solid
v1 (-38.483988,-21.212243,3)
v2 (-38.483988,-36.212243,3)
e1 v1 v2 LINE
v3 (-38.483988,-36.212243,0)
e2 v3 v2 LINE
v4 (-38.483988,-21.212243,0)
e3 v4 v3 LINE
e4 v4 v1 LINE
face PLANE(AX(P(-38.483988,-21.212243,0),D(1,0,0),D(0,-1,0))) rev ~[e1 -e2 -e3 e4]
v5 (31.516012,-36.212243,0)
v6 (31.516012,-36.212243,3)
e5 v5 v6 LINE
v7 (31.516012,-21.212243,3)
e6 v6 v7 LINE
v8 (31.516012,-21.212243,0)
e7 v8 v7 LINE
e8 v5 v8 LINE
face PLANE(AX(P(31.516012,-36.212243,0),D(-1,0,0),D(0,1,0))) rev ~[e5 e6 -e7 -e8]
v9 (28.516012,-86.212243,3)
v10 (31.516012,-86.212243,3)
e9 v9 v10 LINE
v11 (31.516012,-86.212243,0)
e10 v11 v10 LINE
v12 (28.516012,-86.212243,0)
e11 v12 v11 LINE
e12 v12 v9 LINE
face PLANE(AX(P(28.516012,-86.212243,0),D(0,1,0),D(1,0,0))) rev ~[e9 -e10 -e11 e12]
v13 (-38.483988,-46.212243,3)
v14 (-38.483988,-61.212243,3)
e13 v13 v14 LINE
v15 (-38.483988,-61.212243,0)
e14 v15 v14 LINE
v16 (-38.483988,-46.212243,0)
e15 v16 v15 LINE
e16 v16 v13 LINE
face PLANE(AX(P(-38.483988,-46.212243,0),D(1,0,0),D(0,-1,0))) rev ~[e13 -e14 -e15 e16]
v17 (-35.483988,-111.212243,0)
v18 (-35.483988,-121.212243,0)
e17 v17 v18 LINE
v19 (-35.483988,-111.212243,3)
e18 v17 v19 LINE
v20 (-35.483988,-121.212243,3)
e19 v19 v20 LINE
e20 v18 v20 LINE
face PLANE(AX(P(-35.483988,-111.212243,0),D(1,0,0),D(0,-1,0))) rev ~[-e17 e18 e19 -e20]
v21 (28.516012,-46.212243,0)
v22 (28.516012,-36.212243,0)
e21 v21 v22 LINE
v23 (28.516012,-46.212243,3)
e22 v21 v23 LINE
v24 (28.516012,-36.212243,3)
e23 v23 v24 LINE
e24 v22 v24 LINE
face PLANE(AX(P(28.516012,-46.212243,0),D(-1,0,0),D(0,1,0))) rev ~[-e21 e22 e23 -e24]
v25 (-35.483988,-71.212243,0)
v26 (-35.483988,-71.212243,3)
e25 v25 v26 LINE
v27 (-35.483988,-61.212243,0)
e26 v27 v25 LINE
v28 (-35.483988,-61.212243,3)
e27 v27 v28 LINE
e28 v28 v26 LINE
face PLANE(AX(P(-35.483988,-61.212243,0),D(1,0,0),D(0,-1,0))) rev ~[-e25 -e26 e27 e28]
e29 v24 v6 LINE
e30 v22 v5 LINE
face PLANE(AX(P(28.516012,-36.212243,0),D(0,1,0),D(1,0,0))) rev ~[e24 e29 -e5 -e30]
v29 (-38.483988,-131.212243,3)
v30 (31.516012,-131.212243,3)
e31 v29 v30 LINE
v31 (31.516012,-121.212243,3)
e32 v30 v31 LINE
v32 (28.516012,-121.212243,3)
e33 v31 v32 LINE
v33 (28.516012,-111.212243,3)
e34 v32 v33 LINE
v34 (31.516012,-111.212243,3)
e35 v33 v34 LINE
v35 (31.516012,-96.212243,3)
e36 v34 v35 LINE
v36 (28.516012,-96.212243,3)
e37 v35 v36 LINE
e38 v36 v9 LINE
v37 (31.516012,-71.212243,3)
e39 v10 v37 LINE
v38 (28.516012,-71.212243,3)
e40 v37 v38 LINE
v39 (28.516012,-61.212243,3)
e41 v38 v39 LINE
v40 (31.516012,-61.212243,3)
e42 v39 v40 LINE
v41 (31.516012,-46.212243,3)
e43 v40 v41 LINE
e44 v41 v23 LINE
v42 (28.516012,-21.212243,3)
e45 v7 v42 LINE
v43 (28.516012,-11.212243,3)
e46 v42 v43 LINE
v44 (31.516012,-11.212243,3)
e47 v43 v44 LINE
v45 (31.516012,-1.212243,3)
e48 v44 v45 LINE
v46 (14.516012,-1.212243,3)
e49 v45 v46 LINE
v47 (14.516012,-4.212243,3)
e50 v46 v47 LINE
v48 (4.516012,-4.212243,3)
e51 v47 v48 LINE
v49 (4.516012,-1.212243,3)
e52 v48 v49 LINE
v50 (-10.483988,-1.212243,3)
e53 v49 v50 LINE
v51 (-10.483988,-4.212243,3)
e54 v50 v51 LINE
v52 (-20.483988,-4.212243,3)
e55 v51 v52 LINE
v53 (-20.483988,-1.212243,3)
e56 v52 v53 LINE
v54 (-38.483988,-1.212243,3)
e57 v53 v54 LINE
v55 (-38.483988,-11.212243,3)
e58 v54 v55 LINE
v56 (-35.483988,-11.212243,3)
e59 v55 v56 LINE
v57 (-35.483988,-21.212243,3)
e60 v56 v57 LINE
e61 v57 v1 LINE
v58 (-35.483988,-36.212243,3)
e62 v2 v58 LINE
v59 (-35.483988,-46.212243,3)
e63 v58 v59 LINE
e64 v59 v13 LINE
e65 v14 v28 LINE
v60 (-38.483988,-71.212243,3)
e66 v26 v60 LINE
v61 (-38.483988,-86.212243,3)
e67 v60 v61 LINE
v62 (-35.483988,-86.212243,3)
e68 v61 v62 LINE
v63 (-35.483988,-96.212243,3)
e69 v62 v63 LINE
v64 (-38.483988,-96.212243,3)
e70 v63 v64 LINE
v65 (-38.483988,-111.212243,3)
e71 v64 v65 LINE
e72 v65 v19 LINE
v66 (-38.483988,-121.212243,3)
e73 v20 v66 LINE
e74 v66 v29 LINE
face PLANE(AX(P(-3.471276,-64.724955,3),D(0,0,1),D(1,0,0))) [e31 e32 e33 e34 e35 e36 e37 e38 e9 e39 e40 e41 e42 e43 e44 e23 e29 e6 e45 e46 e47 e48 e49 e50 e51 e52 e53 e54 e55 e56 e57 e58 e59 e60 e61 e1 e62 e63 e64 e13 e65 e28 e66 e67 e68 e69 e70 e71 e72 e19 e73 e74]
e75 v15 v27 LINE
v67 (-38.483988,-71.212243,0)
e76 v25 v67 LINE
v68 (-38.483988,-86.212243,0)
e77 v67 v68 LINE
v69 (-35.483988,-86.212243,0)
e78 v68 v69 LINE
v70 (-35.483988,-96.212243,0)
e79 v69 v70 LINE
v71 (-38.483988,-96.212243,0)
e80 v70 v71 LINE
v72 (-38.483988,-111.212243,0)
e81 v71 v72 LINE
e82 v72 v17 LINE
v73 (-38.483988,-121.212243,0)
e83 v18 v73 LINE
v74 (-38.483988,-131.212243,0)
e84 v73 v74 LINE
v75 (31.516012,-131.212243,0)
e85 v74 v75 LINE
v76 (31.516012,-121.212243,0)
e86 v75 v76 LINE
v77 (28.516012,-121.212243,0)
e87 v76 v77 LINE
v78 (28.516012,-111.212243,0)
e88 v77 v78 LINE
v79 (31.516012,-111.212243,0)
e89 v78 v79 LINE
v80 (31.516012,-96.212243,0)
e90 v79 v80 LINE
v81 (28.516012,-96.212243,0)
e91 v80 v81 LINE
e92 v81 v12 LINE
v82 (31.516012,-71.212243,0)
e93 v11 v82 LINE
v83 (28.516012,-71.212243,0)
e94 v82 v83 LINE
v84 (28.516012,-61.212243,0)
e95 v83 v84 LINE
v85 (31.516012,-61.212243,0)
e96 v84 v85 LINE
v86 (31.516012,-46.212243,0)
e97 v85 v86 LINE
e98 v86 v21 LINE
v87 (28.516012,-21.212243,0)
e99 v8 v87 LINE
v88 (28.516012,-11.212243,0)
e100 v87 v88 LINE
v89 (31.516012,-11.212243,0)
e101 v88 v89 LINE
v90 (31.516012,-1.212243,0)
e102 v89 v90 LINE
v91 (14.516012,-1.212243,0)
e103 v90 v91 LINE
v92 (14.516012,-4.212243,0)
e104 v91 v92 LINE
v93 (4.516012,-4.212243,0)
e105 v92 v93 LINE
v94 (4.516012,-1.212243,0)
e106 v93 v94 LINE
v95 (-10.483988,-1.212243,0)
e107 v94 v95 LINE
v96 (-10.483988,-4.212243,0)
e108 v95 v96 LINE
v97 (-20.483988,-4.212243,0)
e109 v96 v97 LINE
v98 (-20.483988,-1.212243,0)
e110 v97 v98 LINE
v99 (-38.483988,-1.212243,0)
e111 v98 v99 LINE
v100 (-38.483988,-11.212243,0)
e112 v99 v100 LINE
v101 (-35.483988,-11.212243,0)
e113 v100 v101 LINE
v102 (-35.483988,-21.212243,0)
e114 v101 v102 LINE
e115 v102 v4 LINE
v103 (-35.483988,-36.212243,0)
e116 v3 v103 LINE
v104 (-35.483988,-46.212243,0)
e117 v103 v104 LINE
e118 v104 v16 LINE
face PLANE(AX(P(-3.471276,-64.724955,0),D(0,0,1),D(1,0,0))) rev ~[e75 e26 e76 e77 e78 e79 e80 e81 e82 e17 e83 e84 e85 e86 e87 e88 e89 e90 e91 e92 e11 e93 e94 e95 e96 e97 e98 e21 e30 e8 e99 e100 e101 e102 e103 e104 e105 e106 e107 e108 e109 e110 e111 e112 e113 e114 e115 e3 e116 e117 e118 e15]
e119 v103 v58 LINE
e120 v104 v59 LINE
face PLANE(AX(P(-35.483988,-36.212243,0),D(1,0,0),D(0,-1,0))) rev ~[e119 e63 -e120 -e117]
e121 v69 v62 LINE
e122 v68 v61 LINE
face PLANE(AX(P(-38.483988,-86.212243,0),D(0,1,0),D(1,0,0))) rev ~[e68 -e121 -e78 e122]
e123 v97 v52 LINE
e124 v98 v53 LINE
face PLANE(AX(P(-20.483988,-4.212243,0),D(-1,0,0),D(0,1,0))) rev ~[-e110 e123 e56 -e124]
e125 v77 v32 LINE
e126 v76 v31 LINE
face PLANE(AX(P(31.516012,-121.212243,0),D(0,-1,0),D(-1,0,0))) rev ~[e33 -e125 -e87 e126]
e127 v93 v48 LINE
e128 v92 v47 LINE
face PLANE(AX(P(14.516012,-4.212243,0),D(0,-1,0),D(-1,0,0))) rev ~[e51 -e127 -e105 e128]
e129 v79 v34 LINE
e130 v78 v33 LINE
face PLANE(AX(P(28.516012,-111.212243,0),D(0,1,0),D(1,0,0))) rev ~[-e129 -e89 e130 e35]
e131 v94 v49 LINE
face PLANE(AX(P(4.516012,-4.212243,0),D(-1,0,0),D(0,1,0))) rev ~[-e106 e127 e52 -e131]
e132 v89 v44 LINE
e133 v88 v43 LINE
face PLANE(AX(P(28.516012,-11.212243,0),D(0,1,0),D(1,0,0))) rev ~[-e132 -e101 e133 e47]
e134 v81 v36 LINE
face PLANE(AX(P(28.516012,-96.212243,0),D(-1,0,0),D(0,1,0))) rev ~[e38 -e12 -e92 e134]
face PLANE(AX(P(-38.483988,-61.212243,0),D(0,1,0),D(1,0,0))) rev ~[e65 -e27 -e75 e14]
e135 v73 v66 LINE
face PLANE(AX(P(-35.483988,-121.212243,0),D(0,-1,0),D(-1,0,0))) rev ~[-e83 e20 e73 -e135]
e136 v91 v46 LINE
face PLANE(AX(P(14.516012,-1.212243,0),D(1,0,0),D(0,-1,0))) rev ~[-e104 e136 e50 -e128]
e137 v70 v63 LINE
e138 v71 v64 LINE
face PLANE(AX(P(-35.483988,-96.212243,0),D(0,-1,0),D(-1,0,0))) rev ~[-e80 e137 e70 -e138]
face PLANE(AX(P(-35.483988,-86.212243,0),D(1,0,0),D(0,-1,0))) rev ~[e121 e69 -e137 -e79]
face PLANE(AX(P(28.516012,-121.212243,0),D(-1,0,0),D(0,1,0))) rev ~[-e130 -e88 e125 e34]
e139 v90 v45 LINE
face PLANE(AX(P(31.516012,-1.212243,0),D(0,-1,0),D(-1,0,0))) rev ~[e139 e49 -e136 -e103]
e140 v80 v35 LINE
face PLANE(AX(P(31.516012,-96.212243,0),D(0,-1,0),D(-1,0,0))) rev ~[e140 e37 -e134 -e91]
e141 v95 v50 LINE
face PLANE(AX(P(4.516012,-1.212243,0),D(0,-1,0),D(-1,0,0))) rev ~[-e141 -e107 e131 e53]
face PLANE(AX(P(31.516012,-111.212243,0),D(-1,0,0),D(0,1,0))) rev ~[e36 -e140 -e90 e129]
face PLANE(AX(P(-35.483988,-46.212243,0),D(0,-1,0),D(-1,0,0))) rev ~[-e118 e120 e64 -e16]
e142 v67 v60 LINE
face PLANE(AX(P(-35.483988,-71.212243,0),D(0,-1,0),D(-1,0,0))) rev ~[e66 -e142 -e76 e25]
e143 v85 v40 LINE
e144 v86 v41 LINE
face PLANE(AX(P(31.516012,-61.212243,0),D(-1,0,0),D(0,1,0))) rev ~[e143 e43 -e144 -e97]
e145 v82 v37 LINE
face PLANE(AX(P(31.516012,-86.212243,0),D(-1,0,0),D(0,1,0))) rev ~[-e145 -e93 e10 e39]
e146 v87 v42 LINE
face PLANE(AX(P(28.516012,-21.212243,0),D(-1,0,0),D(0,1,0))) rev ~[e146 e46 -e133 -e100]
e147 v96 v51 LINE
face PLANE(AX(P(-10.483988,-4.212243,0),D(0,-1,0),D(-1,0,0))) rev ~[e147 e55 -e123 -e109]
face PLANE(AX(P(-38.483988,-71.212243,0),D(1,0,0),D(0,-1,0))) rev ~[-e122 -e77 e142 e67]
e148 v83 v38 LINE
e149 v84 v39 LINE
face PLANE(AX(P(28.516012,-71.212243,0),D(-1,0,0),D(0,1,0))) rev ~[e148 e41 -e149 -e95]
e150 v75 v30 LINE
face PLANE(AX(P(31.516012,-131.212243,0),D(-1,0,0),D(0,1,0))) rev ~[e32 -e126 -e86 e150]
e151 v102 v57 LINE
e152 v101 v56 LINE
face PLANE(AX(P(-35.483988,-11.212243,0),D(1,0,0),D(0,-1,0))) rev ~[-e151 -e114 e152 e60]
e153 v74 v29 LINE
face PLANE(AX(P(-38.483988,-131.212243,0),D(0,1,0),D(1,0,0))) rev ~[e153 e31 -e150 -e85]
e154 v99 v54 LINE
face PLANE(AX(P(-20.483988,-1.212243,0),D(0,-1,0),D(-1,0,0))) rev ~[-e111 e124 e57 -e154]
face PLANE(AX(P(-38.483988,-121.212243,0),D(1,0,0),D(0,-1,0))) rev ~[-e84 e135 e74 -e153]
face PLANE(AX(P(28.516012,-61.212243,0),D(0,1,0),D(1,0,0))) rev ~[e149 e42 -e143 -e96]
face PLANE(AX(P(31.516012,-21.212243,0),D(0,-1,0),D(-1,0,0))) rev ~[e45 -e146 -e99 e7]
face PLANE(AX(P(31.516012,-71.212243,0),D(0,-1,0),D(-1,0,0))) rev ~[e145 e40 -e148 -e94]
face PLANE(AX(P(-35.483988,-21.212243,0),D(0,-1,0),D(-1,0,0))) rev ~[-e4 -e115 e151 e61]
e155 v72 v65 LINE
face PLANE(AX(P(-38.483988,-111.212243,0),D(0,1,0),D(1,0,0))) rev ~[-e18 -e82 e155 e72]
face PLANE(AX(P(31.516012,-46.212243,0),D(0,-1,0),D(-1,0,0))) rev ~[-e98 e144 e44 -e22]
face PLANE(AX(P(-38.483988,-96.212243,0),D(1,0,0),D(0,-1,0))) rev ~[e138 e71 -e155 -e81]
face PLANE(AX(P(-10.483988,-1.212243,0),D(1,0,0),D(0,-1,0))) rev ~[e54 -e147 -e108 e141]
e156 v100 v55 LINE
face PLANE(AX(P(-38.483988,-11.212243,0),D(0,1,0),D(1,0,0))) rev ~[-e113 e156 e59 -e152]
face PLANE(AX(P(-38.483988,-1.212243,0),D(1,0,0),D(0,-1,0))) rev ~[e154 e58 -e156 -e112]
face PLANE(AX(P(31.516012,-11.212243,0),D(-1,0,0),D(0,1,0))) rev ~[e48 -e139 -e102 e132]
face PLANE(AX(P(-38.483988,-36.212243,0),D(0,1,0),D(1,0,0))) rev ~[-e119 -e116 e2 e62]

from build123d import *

# Parameters (mm, degrees)
BOSS_EXTRU_1_DEPTH = 3


with BuildPart() as part:
    # Esquisse1 → Boss.-Extru.1 (new body)
    with BuildSketch(Plane.XY):
        Polygon((31.516012245, -1.212242863), (14.516012245, -1.212242863), (14.516012245, -4.212242863), (4.516012245, -4.212242863), (4.516012245, -1.212242863), (-10.483987755, -1.212242863), (-10.483987755, -4.212242863), (-20.483987755, -4.212242863), (-20.483987755, -1.212242863), (-38.483987755, -1.212242863), (-38.483987755, -11.212242863), (-35.483987755, -11.212242863), (-35.483987755, -21.212242863), (-38.483987755, -21.212242863), (-38.483987755, -36.212242863), (-35.483987755, -36.212242863), (-35.483987755, -46.212242863), (-38.483987755, -46.212242863), (-38.483987755, -61.212242863), (-35.483987755, -61.212242863), (-35.483987755, -71.212242863), (-38.483987755, -71.212242863), (-38.483987755, -86.212242863), (-35.483987755, -86.212242863), (-35.483987755, -96.212242863), (-38.483987755, -96.212242863), (-38.483987755, -111.212242863), (-35.483987755, -111.212242863), (-35.483987755, -121.212242863), (-38.483987755, -121.212242863), (-38.483987755, -131.212242863), (31.516012245, -131.212242863), (31.516012245, -121.212242863), (28.516012245, -121.212242863), (28.516012245, -111.212242863), (31.516012245, -111.212242863), (31.516012245, -96.212242863), (28.516012245, -96.212242863), (28.516012245, -86.212242863), (31.516012245, -86.212242863), (31.516012245, -71.212242863), (28.516012245, -71.212242863), (28.516012245, -61.212242863), (31.516012245, -61.212242863), (31.516012245, -46.212242863), (28.516012245, -46.212242863), (28.516012245, -36.212242863), (31.516012245, -36.212242863), (31.516012245, -21.212242863), (28.516012245, -21.212242863), (28.516012245, -11.212242863), (31.516012245, -11.212242863), align=None)
    extrude(amount=BOSS_EXTRU_1_DEPTH)


solid = part.part
